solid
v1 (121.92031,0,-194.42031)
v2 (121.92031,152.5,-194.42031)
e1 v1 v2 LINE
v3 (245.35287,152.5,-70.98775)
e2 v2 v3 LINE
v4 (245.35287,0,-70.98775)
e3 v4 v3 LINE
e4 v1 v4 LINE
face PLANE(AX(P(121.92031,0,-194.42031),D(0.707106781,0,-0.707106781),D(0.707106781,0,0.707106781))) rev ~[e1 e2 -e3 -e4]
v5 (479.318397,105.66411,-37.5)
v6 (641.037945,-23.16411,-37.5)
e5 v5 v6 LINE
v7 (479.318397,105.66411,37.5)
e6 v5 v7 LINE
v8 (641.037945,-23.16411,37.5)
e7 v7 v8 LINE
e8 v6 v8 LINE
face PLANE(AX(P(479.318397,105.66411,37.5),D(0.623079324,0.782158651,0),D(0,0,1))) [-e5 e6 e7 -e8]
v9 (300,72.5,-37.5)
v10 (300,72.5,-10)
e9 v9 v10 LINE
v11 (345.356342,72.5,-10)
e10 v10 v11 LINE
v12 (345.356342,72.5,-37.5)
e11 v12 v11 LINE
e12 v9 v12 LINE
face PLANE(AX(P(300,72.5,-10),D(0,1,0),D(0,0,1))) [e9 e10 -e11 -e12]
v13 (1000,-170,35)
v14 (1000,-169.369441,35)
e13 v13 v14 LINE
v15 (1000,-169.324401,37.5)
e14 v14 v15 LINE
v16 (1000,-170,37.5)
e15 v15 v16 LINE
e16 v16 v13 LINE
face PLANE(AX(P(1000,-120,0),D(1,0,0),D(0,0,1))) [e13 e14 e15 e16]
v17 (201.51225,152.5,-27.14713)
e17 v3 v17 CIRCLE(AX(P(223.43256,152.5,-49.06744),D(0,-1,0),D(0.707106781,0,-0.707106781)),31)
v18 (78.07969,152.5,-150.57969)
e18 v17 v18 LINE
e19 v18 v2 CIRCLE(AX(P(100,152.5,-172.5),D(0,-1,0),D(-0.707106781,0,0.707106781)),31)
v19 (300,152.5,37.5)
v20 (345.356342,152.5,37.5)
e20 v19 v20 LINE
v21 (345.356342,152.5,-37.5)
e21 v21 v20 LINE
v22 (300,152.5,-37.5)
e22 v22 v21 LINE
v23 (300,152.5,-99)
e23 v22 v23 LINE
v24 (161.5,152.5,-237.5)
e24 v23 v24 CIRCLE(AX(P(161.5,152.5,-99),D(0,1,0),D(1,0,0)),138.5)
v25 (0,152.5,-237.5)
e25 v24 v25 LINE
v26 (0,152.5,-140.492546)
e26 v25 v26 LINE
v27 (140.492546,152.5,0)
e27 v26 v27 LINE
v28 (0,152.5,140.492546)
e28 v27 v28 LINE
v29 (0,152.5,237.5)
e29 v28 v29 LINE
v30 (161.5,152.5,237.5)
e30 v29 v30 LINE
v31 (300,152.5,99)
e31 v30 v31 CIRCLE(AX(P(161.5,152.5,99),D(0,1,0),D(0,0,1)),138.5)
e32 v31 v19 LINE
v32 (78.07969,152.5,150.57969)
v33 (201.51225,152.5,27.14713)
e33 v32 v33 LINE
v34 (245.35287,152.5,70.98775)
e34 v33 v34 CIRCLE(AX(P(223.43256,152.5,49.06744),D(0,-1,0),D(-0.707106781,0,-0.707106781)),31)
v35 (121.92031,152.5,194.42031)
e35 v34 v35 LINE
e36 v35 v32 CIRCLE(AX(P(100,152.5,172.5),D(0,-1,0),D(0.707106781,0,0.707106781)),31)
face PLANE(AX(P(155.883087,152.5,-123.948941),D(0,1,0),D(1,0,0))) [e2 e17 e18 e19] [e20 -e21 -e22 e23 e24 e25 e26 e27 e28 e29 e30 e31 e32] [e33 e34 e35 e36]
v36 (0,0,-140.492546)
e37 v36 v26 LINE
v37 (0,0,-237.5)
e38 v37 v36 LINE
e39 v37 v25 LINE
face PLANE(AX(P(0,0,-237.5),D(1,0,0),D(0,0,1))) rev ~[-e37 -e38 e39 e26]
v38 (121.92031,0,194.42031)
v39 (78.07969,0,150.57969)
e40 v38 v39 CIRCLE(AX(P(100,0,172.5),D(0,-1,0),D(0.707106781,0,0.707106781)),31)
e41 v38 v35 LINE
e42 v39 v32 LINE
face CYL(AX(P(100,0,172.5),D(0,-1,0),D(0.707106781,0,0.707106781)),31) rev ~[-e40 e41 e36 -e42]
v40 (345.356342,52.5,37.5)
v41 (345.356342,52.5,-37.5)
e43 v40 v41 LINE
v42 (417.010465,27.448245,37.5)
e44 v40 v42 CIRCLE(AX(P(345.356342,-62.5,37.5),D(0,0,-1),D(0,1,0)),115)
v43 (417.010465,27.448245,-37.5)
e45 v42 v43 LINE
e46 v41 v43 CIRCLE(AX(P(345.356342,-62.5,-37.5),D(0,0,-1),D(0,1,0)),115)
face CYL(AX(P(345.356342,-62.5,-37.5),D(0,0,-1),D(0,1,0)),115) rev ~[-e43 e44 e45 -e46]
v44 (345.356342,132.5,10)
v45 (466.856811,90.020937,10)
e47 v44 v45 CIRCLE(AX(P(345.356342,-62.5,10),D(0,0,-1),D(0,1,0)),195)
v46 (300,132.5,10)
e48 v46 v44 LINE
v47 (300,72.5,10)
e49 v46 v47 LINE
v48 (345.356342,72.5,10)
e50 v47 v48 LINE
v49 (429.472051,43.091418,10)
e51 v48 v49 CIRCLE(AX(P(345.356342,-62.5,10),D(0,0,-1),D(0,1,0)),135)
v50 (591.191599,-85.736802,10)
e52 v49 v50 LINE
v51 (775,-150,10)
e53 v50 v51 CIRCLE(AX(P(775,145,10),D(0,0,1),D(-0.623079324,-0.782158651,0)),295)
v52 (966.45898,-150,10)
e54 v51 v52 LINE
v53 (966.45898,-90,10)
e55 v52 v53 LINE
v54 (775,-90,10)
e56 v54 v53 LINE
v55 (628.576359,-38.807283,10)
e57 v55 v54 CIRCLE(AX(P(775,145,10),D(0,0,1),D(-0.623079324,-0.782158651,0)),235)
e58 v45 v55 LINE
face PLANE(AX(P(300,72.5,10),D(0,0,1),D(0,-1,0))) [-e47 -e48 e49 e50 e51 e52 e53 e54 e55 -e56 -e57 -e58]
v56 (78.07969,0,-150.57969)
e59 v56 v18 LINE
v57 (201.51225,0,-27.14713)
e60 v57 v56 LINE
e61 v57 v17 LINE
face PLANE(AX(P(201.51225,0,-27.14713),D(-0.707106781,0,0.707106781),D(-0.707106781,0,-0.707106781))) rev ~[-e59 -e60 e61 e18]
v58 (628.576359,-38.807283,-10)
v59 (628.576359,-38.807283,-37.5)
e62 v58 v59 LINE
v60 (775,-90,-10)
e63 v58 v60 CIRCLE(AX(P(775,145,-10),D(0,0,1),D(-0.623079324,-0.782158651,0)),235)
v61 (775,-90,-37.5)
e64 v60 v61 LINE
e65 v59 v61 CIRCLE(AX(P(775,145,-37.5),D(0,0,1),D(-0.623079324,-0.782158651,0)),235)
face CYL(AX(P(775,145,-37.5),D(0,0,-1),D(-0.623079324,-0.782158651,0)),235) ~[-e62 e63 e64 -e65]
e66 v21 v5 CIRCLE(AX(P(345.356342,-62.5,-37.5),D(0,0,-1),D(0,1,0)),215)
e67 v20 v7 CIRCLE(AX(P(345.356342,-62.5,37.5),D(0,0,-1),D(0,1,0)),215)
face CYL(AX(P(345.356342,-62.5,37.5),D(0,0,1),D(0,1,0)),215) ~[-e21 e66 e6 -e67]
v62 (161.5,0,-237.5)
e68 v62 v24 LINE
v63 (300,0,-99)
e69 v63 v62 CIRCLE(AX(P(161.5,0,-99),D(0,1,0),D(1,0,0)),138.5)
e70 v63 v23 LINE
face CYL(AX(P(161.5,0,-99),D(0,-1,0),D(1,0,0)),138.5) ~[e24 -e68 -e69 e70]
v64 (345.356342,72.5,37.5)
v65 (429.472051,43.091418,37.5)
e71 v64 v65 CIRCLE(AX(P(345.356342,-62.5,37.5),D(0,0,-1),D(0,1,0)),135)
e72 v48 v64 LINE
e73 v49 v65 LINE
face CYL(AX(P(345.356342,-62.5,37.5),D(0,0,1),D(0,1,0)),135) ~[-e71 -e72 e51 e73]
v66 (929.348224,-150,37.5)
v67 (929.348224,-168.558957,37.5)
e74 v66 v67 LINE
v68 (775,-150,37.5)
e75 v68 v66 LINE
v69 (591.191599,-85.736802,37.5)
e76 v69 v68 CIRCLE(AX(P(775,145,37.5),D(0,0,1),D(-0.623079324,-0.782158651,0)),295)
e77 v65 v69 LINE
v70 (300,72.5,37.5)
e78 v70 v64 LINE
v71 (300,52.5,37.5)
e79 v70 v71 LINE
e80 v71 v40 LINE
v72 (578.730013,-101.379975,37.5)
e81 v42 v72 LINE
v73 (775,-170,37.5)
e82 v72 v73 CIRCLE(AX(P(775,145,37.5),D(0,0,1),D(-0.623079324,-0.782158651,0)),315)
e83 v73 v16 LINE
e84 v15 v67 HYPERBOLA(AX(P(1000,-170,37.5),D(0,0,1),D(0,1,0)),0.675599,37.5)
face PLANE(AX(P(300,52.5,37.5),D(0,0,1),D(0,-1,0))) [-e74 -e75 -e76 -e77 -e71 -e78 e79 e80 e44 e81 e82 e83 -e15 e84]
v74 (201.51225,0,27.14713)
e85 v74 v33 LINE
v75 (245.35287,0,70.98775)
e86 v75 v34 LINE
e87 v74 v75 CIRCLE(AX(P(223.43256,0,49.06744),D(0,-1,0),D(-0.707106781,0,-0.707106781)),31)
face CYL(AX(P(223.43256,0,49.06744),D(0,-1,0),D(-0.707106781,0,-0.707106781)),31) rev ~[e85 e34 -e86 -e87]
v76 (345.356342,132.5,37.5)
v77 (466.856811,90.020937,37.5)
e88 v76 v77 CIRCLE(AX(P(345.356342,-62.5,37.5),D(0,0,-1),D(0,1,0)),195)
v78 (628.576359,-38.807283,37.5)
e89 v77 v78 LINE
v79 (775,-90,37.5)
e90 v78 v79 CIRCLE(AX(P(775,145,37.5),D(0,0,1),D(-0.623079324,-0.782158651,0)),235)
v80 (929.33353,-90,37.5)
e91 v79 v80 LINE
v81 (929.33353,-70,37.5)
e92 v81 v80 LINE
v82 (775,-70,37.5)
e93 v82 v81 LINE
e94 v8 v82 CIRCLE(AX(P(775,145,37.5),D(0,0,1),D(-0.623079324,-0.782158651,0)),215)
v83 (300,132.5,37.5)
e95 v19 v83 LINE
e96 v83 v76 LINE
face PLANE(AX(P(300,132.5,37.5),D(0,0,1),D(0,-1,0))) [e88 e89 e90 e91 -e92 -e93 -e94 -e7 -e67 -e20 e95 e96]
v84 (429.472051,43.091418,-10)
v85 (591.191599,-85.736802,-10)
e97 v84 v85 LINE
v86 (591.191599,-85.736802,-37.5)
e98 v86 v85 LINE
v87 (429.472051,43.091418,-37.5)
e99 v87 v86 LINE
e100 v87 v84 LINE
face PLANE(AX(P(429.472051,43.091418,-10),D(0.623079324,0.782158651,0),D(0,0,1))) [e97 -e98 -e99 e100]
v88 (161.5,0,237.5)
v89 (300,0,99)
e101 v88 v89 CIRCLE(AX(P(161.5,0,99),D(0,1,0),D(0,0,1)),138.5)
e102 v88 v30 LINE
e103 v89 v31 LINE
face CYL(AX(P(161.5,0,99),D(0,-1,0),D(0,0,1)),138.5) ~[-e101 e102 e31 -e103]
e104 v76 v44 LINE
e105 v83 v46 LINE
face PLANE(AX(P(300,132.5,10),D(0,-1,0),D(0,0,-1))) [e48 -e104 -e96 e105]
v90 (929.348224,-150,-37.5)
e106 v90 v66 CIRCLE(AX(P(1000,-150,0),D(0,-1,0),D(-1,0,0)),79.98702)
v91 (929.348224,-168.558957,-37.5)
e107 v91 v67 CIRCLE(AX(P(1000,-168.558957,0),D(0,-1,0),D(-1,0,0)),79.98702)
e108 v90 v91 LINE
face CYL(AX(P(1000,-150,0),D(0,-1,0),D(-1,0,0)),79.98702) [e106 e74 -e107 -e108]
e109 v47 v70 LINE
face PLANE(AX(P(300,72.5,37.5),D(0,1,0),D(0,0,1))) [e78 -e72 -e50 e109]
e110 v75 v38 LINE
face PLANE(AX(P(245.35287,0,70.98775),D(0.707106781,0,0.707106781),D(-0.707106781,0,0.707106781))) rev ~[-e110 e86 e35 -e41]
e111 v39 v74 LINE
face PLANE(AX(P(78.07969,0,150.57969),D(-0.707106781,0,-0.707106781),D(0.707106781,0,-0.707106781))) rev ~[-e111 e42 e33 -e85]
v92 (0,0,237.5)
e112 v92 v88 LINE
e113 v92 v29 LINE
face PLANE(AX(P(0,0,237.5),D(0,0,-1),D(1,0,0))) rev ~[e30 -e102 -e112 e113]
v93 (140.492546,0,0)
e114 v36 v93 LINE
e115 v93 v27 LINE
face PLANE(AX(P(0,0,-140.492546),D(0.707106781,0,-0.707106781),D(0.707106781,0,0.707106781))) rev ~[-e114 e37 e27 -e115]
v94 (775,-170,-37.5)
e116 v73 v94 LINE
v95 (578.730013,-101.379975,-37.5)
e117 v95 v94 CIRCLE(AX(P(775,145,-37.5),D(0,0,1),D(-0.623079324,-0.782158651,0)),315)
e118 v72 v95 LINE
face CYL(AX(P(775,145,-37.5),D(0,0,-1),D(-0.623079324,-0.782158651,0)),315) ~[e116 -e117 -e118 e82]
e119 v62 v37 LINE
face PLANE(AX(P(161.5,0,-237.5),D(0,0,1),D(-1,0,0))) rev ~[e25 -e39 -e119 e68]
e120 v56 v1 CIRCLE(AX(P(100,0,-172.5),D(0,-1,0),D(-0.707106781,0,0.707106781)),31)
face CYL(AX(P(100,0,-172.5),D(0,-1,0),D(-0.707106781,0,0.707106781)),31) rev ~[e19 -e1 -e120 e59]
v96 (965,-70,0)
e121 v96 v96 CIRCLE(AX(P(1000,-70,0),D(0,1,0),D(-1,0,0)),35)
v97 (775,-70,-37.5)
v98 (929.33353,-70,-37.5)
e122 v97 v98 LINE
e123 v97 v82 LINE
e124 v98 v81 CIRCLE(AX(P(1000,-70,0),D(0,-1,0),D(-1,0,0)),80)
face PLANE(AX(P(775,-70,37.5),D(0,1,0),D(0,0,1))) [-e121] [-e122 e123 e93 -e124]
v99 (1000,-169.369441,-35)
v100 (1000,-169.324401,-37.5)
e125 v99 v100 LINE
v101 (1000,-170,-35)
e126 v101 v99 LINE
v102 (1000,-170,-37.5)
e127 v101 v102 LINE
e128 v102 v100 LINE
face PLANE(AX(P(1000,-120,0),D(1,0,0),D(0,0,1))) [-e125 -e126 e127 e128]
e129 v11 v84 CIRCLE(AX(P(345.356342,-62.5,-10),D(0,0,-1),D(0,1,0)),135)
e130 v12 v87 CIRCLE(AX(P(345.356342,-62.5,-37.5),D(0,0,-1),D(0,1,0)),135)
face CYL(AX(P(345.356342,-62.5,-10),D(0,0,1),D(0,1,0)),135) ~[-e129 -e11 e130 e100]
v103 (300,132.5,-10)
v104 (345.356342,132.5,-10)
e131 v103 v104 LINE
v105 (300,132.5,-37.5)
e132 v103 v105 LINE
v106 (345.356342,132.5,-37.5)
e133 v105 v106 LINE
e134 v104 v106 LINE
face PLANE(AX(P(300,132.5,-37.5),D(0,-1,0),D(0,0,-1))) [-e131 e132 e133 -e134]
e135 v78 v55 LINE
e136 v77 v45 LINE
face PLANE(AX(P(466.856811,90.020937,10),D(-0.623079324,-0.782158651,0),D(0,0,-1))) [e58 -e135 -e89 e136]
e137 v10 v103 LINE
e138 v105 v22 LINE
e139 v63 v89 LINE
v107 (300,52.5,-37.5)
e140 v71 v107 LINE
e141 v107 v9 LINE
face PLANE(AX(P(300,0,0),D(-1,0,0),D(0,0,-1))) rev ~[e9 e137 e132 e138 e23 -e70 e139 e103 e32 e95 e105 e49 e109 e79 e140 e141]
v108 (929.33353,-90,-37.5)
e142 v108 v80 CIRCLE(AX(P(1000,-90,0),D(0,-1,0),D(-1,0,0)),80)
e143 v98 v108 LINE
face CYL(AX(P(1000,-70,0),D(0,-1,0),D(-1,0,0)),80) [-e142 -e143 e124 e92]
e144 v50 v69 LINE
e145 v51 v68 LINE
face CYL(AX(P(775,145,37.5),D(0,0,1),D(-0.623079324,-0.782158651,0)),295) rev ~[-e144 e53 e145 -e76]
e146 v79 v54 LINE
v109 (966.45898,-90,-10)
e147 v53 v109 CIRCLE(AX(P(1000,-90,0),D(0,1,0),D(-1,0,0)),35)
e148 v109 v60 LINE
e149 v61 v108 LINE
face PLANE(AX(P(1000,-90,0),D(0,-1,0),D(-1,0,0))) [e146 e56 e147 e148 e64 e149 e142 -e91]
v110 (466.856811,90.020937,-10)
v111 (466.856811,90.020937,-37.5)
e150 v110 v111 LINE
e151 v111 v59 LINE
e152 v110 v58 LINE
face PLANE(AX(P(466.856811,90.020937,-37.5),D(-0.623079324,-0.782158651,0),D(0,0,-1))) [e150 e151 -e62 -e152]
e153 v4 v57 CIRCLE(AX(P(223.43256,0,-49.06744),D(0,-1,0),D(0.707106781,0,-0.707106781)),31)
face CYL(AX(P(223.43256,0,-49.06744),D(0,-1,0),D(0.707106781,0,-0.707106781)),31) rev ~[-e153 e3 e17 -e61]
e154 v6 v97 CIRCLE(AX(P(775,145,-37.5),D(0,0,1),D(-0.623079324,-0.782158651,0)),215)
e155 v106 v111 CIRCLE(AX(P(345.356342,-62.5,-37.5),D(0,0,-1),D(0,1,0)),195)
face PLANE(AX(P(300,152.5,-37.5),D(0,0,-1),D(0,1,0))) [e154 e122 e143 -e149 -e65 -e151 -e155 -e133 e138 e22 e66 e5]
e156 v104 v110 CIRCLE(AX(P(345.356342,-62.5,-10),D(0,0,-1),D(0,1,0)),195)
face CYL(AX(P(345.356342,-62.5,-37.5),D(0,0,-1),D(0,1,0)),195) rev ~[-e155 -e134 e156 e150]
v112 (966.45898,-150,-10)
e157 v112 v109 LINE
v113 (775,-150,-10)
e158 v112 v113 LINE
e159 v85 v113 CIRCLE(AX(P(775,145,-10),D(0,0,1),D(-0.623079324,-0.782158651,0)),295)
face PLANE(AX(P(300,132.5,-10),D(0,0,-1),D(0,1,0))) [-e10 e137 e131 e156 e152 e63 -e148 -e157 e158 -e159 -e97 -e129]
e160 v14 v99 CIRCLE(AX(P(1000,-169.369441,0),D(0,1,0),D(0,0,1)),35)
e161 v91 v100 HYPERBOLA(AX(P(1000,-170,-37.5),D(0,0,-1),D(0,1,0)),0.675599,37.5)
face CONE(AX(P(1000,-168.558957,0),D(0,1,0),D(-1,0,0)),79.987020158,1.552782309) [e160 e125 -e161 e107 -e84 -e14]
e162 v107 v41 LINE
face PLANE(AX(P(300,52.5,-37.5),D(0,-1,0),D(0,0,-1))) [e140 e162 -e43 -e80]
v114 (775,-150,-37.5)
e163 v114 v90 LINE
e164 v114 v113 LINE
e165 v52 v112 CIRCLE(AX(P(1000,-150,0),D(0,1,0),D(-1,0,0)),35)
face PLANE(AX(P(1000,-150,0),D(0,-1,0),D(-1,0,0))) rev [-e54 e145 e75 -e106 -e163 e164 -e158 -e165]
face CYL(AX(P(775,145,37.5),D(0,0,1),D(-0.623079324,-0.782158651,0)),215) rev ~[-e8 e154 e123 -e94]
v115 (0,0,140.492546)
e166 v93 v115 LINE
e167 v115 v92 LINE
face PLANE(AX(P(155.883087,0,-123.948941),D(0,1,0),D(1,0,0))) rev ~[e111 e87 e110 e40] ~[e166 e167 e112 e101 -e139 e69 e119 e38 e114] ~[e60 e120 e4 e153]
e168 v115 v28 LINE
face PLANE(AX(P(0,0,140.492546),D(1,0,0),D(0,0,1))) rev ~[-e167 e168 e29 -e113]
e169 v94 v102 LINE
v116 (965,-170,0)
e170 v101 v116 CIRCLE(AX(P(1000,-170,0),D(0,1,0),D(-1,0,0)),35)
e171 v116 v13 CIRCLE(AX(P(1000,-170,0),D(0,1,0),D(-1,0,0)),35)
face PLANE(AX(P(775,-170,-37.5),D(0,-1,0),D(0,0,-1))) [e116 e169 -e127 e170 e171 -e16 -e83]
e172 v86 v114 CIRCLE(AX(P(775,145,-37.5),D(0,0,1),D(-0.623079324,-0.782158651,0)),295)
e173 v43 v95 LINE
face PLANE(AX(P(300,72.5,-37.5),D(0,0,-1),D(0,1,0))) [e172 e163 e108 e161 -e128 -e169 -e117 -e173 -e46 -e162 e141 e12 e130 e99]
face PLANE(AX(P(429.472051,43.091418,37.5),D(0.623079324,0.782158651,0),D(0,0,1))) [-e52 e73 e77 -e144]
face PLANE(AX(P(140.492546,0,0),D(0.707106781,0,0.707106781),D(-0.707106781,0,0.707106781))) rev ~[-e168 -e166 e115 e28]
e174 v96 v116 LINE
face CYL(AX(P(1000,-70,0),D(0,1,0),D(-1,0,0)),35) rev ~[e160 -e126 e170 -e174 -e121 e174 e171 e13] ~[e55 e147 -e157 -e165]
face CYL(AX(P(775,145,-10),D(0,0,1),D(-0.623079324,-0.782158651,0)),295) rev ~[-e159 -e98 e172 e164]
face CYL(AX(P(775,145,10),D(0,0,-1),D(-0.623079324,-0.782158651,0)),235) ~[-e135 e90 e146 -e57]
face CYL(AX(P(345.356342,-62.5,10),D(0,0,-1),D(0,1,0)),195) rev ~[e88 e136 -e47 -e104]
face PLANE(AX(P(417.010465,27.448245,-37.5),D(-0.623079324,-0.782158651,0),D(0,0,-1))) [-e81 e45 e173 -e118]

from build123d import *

# Parameters (mm, degrees)
BOSS_EXTRUDE1_DEPTH = 152.5
SKETCH9_R           = 35
CUT_EXTRUDE1_DEPTH  = 152.5


with BuildPart() as part:
    # Sketch1 → Boss-Extrude1 (new body)
    # profile 1 of 2: a face of its own
    with BuildSketch(Plane(origin=(0, 0, 0), x_dir=(1, 0, 0), z_dir=(0, 1, 0))):
        with BuildLine():
            Line((300, 0), (140.492545905, 0))
            Line((140.492545905, 0), (0, -140.492545905))
            Line((0, -140.492545905), (0, -237.5))
            Line((0, -237.5), (161.5, -237.5))
            ThreePointArc((161.5, -237.5), (259.434289194, -196.934289194), (300, -99))
            Line((300, -99), (300, 0))
        make_face()
        with BuildLine():
            Line((245.352869941, -70.987750493), (121.920310217, -194.420310217))
            ThreePointArc((121.920310217, -194.420310217), (78.079689783, -194.420310217), (78.079689783, -150.579689783))
            Line((78.079689783, -150.579689783), (201.512249507, -27.147130059))
            ThreePointArc((201.512249507, -27.147130059), (245.352869941, -27.147130059), (245.352869941, -70.987750493))
        make_face(mode=Mode.SUBTRACT)
    # profile 2 of 2: a face of its own
    with BuildSketch(Plane(origin=(0, 0, 0), x_dir=(1, 0, 0), z_dir=(0, 1, 0))):
        with BuildLine():
            Line((0, 237.5), (0, 140.492545905))
            Line((0, 140.492545905), (140.492545905, 0))
            Line((140.492545905, 0), (300, 0))
            Line((300, 0), (300, 99))
            ThreePointArc((300, 99), (259.434289194, 196.934289194), (161.5, 237.5))
            Line((161.5, 237.5), (0, 237.5))
        make_face()
        with BuildLine():
            ThreePointArc((78.079689783, 150.579689783), (78.079689783, 194.420310217), (121.920310217, 194.420310217))
            Line((121.920310217, 194.420310217), (245.352869941, 70.987750493))
            ThreePointArc((245.352869941, 70.987750493), (245.352869941, 27.147130059), (201.512249507, 27.147130059))
            Line((201.512249507, 27.147130059), (78.079689783, 150.579689783))
        make_face(mode=Mode.SUBTRACT)
    extrude(amount=BOSS_EXTRUDE1_DEPTH)

    # Sweep2: sweep along a path in Sketch2
    with BuildLine(Plane.XY) as sweep2_path:
        Line((300, 152.5), (345.356342374, 152.5))
        ThreePointArc((345.356342374, 152.5), (416.313076896, 140.45354598), (479.318397094, 105.664110009))
        Line((479.318397094, 105.664110009), (641.03794528, -23.164110009))
        ThreePointArc((641.03794528, -23.164110009), (704.043265478, -57.95354598), (775, -70))
        Line((775, -70), (1000, -70))
    # Sketch3 → Sweep2 (sweep)
    with BuildSketch(Plane(origin=(300, 0, 0), x_dir=(0, 0, -1), z_dir=(1, 0, 0))):
        Polygon((-37.5, 152.5), (37.5, 152.5), (37.5, 132.5), (10, 132.5), (10, 72.5), (37.5, 72.5), (37.5, 52.5), (-37.5, 52.5), (-37.5, 72.5), (-10, 72.5), (-10, 132.5), (-37.5, 132.5), align=None)
    sweep(path=sweep2_path.line)

    # Sketch7 → Revolve2 (revolve)
    with BuildSketch(Plane(origin=(0, 0, 0), x_dir=(-1, 0, 0), z_dir=(0, 0, -1))):
        Polygon((-920, -70), (-920, -90), (-990, -90), (-990, -150), (-920.012979842, -150), (-920.012979842, -168.558956517), (-1000, -170), (-1000, -70), align=None)
    revolve(axis=Axis((1000, -43.921847772, 0), (0, -1, 0)))

    # Sketch9 → Cut-Extrude1 (cut)
    with BuildSketch(Plane(origin=(0, -70, 0), x_dir=(1, 0, 0), z_dir=(0, 1, 0))):
        with Locations(Location((1000, 0, 0), (0, 0, 180))):
            Circle(SKETCH9_R)
    extrude(amount=-CUT_EXTRUDE1_DEPTH, mode=Mode.SUBTRACT)


solid = part.part
